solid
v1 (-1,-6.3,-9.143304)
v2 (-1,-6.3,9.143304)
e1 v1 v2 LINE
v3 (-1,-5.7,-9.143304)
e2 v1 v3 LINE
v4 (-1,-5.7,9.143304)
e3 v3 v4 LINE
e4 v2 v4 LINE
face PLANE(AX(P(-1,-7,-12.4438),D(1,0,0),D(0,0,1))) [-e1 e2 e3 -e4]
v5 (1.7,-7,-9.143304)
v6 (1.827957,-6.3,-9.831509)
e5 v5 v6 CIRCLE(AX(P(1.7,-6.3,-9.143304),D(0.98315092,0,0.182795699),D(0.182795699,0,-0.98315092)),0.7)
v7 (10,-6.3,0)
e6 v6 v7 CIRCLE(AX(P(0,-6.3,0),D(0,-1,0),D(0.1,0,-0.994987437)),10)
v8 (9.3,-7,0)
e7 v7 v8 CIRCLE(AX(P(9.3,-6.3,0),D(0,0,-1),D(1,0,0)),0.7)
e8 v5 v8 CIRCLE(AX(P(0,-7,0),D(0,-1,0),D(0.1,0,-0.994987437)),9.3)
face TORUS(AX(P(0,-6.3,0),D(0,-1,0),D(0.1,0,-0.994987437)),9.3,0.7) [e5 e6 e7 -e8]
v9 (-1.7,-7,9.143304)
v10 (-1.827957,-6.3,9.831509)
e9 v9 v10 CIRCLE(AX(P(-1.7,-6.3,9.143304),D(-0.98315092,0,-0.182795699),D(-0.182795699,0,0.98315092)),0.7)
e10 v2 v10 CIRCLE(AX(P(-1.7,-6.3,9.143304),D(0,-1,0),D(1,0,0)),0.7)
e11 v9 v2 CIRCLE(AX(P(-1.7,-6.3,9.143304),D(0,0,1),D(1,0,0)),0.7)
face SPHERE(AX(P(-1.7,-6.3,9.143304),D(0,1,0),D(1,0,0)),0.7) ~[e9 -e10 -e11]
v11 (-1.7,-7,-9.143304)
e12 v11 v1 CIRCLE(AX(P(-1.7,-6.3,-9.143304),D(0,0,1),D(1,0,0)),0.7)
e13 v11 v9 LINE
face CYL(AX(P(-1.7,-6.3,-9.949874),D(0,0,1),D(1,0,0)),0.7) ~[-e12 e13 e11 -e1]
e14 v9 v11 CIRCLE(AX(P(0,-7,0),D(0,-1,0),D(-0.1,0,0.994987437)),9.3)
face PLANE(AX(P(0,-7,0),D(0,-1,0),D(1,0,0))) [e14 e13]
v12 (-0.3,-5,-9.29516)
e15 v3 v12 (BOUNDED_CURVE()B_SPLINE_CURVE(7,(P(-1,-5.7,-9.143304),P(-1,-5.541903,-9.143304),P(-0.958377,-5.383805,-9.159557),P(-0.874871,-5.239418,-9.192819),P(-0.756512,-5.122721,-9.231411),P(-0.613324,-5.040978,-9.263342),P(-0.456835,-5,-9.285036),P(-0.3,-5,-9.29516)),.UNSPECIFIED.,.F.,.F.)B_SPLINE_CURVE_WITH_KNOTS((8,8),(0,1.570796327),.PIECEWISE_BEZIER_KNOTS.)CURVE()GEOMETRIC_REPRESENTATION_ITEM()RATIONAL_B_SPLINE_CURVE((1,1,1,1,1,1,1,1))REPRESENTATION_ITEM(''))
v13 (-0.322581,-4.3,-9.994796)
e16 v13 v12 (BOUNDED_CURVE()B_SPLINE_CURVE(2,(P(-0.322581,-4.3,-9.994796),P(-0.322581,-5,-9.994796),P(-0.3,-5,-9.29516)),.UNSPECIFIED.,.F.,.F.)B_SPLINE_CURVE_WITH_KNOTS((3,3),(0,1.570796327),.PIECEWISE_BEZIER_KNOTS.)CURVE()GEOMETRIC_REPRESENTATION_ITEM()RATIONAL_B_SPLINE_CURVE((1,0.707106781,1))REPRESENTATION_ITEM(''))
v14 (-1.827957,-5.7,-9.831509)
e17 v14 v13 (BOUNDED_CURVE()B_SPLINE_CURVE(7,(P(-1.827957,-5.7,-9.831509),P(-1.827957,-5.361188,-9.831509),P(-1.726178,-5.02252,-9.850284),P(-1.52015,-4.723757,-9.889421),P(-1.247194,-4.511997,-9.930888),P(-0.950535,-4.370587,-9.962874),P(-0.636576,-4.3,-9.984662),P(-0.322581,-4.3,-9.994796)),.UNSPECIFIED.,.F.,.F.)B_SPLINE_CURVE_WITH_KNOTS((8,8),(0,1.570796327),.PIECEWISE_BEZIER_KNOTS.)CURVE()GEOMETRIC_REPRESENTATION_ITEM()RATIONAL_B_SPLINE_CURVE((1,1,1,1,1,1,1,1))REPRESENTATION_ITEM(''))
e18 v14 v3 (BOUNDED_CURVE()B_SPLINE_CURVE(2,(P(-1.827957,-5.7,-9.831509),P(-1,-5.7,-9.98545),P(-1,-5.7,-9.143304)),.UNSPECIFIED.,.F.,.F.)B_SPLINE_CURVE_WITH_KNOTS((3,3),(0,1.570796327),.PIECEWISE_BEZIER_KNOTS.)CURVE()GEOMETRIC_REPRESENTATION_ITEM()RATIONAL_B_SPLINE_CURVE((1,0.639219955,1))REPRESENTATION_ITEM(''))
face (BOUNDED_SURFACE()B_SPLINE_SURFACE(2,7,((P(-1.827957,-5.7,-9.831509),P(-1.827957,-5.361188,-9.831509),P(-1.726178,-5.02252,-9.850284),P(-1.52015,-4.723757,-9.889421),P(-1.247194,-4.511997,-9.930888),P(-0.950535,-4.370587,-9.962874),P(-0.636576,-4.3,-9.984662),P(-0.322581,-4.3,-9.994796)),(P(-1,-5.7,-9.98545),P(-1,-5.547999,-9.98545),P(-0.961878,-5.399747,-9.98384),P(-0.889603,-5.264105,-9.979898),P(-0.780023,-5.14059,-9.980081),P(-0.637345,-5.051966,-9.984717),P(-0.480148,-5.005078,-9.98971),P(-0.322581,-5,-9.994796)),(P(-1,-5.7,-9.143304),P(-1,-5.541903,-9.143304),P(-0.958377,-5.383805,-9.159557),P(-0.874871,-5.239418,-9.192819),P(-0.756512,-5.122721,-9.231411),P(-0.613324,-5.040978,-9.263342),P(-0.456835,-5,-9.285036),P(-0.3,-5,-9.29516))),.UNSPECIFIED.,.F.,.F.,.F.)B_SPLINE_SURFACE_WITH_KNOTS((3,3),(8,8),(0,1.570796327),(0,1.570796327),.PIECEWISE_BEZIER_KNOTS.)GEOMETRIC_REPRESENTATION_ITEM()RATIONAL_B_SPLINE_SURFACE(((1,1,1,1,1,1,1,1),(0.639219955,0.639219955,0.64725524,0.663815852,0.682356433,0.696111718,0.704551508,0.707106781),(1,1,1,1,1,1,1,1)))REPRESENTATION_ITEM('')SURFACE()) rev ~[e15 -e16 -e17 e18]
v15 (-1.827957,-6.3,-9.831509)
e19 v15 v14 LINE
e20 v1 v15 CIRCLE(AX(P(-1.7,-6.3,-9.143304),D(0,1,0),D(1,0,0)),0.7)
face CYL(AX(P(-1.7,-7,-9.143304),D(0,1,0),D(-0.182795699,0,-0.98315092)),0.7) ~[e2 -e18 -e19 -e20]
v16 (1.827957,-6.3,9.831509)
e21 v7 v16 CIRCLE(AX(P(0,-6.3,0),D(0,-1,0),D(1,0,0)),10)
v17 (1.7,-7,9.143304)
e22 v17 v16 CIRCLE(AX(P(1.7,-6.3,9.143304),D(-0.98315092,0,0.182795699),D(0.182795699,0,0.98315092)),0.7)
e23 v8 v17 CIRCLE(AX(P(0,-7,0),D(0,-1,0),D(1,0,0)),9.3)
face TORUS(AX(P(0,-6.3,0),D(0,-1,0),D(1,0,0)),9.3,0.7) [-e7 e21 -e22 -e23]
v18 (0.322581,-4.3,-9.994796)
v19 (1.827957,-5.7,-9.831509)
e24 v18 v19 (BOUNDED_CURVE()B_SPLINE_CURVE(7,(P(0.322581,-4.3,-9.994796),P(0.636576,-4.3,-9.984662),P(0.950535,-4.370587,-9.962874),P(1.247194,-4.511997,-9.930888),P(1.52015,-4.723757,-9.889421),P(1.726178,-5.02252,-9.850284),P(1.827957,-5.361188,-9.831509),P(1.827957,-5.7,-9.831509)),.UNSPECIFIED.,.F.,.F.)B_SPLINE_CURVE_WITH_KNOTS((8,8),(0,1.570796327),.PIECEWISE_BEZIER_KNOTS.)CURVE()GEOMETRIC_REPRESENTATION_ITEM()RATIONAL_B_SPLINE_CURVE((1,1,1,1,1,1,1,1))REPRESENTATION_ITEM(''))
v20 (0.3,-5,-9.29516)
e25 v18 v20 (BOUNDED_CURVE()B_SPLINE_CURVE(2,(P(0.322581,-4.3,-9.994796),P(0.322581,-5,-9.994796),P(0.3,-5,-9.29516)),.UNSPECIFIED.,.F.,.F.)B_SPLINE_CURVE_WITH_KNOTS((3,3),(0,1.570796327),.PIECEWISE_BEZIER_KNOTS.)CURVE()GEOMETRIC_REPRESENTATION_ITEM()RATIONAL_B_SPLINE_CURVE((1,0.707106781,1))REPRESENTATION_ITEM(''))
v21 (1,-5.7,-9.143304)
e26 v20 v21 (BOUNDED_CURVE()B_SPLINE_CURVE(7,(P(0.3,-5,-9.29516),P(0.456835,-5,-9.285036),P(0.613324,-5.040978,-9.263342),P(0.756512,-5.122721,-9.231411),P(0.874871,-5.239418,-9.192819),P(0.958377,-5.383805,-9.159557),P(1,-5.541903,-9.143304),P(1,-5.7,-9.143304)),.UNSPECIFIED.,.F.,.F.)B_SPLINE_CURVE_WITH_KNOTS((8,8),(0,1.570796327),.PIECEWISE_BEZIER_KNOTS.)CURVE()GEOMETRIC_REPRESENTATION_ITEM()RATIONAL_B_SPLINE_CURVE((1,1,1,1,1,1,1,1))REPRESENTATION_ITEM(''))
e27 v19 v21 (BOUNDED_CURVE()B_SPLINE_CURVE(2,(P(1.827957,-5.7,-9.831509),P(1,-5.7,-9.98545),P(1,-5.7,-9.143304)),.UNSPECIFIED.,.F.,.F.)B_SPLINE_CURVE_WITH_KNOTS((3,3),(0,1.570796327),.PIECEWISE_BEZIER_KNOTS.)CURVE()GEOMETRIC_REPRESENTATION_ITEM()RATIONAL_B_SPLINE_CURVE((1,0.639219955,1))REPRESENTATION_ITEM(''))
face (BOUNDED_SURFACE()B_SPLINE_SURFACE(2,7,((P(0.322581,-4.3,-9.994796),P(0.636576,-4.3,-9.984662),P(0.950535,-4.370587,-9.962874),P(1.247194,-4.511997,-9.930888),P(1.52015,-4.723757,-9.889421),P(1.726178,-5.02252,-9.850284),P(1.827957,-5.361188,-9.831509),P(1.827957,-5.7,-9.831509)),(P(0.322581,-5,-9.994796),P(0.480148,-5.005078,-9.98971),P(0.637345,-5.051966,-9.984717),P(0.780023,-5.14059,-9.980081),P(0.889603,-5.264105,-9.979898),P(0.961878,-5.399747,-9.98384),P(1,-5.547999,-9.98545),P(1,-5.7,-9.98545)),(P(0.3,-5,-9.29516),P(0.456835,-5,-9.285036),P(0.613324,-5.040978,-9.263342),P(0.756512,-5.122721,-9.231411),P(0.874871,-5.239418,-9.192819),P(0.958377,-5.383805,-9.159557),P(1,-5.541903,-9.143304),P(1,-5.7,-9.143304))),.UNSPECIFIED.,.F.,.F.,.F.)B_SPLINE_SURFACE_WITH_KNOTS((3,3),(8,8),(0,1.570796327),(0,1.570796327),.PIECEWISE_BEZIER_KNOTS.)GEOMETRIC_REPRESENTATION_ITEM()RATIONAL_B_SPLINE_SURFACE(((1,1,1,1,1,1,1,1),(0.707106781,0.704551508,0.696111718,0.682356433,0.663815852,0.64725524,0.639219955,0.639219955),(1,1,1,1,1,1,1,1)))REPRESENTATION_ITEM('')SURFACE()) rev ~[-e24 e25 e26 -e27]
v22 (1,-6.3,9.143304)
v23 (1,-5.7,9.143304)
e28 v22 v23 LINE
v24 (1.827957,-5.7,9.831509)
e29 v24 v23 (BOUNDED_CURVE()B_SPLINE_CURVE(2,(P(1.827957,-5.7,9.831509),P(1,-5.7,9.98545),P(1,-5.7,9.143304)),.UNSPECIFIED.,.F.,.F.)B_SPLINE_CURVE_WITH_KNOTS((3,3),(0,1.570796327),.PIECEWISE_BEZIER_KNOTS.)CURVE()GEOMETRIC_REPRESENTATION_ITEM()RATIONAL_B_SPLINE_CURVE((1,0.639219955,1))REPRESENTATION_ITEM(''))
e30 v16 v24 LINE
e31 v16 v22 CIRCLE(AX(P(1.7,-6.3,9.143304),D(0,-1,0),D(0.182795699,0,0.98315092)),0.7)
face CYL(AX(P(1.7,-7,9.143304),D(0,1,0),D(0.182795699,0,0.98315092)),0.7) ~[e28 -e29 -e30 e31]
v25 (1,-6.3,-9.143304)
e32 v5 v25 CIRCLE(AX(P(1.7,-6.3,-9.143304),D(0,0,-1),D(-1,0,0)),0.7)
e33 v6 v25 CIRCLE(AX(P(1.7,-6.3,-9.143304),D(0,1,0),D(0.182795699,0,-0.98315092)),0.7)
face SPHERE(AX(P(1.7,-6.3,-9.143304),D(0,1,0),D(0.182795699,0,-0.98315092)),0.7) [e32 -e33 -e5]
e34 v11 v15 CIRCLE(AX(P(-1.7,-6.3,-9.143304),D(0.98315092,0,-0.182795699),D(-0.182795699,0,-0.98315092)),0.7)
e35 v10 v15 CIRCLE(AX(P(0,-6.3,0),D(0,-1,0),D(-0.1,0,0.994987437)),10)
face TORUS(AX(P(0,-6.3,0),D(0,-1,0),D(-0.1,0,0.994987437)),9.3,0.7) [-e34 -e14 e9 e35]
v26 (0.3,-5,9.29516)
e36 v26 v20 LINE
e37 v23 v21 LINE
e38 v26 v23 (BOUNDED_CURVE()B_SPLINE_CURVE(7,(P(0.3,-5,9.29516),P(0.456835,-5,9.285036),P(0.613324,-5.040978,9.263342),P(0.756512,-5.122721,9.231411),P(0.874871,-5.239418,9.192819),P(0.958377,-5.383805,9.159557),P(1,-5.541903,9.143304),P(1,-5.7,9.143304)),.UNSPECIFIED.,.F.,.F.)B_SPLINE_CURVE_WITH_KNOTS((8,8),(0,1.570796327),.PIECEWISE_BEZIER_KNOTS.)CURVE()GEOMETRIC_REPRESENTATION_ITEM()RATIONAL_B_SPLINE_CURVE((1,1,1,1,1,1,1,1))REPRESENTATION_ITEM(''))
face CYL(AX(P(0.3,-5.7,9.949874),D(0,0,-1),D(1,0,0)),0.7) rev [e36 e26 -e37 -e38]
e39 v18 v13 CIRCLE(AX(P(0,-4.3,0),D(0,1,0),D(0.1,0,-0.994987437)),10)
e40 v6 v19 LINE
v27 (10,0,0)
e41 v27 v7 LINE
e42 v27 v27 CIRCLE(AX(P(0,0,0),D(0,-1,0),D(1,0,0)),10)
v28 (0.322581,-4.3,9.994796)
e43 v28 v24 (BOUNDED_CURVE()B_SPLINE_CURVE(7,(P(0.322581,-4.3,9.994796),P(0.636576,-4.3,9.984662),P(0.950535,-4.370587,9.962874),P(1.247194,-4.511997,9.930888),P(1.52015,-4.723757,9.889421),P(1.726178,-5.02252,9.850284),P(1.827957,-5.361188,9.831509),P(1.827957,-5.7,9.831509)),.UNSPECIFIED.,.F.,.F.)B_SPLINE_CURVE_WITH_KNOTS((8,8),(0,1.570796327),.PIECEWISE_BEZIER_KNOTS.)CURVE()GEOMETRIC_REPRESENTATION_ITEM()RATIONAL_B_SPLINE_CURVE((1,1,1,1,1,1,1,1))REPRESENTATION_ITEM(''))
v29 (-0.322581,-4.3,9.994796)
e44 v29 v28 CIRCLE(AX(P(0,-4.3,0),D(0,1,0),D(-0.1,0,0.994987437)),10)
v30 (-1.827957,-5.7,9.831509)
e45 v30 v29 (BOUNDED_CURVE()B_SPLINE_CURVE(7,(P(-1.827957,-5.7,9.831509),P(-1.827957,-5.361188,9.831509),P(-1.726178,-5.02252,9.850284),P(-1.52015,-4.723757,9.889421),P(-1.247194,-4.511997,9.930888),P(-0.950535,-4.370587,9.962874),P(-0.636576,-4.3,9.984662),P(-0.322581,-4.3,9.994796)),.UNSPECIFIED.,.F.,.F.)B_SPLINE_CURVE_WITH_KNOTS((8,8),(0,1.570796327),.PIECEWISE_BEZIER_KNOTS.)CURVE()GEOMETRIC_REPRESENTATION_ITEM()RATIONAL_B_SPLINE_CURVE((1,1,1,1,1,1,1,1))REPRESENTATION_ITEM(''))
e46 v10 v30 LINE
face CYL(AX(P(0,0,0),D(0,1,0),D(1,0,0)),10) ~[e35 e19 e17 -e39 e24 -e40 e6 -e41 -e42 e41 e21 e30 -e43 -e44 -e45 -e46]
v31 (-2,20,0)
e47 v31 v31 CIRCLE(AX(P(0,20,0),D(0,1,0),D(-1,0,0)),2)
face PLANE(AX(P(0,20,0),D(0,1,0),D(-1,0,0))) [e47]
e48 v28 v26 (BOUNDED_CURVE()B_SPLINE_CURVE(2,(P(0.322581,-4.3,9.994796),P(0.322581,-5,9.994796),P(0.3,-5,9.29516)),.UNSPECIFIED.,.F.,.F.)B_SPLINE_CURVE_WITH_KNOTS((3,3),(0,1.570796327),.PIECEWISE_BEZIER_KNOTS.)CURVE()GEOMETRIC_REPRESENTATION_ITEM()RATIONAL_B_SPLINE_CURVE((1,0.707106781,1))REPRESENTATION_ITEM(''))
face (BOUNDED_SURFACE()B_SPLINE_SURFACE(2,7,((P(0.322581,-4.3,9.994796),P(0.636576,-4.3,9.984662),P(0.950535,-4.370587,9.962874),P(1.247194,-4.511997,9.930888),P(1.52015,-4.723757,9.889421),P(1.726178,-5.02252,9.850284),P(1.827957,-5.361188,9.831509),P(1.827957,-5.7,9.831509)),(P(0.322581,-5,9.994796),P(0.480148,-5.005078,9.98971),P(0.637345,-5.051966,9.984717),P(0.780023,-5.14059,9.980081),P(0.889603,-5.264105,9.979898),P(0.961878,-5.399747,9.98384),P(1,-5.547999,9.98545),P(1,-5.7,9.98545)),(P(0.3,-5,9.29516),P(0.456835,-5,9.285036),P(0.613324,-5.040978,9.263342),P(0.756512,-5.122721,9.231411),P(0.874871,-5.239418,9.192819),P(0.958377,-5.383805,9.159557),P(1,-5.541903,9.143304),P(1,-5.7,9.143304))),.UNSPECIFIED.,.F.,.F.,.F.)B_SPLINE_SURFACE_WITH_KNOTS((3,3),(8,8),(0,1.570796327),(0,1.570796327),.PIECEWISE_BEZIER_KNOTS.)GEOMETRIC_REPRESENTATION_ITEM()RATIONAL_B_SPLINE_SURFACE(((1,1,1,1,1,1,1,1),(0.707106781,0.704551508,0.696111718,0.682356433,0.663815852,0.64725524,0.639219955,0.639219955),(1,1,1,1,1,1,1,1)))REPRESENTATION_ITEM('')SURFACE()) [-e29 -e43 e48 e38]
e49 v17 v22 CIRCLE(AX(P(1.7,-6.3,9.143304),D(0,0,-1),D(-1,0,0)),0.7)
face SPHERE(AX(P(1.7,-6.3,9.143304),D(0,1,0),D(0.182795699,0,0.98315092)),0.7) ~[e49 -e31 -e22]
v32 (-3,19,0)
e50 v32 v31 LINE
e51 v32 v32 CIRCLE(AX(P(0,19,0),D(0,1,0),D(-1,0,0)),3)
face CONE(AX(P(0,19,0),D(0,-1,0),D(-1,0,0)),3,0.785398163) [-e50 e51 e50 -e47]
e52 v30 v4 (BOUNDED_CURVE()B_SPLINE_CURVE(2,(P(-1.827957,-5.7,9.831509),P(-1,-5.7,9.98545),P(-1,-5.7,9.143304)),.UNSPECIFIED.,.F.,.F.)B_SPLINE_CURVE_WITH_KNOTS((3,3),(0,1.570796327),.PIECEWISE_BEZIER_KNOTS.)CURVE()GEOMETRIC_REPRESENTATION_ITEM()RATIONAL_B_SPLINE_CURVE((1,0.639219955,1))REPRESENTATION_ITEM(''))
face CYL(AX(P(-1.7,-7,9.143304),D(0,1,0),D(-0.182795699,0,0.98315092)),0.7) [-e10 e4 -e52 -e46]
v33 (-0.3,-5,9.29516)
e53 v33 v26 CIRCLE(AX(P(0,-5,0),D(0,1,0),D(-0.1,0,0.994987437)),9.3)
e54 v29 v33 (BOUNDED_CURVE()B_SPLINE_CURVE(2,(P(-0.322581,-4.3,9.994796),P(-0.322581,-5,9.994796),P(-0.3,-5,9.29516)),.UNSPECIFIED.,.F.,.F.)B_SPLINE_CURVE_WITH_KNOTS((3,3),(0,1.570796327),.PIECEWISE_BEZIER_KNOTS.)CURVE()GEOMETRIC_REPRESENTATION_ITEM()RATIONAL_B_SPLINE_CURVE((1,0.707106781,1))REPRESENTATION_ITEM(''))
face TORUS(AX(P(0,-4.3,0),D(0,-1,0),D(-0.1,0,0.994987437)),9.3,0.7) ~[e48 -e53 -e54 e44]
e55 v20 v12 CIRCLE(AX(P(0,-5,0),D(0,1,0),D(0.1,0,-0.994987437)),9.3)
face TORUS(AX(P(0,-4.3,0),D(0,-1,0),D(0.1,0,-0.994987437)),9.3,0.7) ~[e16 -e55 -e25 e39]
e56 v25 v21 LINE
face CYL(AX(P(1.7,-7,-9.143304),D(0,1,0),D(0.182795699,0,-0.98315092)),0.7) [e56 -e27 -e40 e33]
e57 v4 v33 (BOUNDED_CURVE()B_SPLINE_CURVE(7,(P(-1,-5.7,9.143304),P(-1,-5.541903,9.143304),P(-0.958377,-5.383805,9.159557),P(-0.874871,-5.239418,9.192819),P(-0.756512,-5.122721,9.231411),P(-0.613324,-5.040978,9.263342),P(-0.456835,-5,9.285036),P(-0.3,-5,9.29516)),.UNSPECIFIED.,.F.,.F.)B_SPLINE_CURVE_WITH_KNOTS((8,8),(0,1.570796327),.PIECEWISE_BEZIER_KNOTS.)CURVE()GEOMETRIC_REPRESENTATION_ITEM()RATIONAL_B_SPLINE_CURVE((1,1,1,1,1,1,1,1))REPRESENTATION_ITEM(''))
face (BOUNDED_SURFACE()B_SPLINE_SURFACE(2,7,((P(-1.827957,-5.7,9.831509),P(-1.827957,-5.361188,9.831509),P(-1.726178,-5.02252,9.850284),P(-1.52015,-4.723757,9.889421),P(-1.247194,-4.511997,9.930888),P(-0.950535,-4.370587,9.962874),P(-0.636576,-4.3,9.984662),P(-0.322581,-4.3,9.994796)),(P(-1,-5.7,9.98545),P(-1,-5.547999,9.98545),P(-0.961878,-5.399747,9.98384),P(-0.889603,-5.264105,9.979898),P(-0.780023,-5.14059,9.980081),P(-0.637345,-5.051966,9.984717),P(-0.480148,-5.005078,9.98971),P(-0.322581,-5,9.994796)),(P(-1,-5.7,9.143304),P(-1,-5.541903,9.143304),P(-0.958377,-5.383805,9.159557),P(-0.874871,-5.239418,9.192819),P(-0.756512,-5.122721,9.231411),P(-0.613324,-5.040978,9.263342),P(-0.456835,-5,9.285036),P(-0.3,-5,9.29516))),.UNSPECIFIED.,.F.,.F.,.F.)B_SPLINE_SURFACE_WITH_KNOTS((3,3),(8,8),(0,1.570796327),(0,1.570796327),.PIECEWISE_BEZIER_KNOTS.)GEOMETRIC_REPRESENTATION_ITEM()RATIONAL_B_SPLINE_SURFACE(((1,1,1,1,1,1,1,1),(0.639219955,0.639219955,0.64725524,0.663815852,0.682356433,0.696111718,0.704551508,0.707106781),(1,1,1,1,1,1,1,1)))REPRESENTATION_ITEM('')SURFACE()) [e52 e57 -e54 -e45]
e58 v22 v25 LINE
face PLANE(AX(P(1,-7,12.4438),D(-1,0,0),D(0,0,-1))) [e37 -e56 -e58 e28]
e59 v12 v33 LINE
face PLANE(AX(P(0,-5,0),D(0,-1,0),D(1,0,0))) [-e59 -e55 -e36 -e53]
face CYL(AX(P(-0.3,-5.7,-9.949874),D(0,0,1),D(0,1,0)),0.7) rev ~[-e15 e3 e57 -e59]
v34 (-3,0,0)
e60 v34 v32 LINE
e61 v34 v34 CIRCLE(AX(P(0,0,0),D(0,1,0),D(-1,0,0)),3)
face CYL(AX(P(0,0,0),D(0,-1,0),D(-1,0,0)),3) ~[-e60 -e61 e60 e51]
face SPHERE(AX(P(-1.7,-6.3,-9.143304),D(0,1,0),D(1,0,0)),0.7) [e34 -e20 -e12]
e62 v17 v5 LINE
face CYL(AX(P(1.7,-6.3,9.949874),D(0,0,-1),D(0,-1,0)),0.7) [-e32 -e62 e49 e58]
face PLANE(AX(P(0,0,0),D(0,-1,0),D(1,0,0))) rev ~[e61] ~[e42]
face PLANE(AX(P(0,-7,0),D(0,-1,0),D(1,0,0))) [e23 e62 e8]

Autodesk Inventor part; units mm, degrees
ref_plane "YZ Plane" through (0, 0, 0) normal (1, 0, 0) x (0, 1, 0)
ref_plane "XZ Plane" through (0, 0, 0) normal (0, 1, 0) x (-1, 0, 0)
ref_plane "XY Plane" through (0, 0, 0) normal (0, 0, 1) x (1, 0, 0)
sketch "Sketch1" plane through (0, 0, 0) normal (0, 1, 0) x (-1, 0, 0)
  circle A0 centre (0, 0) radius 3
  dimension "d0" = 6
extrude "Extrusion1" add sketch "Sketch1" along normal blind 20
sketch "Sketch2" plane through (0, 0, 0) normal (0, -1, 0) x (1, 0, 0)
  circle A0 centre (0, 0) radius 10
  dimension "d3" = 20
extrude "Extrusion2" add sketch "Sketch2" along normal blind 7
chamfer "Chamfer1" distance 1 angle 45 1 edges at (3, 20, 0)
sketch "Sketch3" plane through (0, -7, 0) normal (0, -1, 0) x (1, 0, 0)
  line L0 (-1, 12.4438) -> (1, 12.4438)
  line L1 (1, 12.4438) -> (1, -12.4438)
  line L2 (1, -12.4438) -> (-1, -12.4438)
  line L3 (-1, -12.4438) -> (-1, 12.4438)
  line L4 (-1, 12.4438) -> (1, -12.4438) construction
  line L5 (1, 12.4438) -> (-1, -12.4438) construction
  point P0 (0, 0)
  dimension "d9" = 2
extrude "Extrusion3" cut sketch "Sketch3" against normal blind 2
fillet "Fillet1" radius 0.7 13 edges at (-10, -7, 0) (7.4162, -7, -6.7082) (7.4162, -7, 6.7082) (1, -7, 0) (1, -6, -9.9499) (1, -6, 9.9499) (1, -5, 0) (0, -5, -10) (0, -5, 10) (-1, -5, 0) (-1, -6, -9.9499) (-1, -6, 9.9499) (-1, -7, 0)
thread "Thread1" size "M6x1" class "6g" standard "ISO Metric profile" length 20
properties part number "M6x1 Feet" material "Stainless Steel"
